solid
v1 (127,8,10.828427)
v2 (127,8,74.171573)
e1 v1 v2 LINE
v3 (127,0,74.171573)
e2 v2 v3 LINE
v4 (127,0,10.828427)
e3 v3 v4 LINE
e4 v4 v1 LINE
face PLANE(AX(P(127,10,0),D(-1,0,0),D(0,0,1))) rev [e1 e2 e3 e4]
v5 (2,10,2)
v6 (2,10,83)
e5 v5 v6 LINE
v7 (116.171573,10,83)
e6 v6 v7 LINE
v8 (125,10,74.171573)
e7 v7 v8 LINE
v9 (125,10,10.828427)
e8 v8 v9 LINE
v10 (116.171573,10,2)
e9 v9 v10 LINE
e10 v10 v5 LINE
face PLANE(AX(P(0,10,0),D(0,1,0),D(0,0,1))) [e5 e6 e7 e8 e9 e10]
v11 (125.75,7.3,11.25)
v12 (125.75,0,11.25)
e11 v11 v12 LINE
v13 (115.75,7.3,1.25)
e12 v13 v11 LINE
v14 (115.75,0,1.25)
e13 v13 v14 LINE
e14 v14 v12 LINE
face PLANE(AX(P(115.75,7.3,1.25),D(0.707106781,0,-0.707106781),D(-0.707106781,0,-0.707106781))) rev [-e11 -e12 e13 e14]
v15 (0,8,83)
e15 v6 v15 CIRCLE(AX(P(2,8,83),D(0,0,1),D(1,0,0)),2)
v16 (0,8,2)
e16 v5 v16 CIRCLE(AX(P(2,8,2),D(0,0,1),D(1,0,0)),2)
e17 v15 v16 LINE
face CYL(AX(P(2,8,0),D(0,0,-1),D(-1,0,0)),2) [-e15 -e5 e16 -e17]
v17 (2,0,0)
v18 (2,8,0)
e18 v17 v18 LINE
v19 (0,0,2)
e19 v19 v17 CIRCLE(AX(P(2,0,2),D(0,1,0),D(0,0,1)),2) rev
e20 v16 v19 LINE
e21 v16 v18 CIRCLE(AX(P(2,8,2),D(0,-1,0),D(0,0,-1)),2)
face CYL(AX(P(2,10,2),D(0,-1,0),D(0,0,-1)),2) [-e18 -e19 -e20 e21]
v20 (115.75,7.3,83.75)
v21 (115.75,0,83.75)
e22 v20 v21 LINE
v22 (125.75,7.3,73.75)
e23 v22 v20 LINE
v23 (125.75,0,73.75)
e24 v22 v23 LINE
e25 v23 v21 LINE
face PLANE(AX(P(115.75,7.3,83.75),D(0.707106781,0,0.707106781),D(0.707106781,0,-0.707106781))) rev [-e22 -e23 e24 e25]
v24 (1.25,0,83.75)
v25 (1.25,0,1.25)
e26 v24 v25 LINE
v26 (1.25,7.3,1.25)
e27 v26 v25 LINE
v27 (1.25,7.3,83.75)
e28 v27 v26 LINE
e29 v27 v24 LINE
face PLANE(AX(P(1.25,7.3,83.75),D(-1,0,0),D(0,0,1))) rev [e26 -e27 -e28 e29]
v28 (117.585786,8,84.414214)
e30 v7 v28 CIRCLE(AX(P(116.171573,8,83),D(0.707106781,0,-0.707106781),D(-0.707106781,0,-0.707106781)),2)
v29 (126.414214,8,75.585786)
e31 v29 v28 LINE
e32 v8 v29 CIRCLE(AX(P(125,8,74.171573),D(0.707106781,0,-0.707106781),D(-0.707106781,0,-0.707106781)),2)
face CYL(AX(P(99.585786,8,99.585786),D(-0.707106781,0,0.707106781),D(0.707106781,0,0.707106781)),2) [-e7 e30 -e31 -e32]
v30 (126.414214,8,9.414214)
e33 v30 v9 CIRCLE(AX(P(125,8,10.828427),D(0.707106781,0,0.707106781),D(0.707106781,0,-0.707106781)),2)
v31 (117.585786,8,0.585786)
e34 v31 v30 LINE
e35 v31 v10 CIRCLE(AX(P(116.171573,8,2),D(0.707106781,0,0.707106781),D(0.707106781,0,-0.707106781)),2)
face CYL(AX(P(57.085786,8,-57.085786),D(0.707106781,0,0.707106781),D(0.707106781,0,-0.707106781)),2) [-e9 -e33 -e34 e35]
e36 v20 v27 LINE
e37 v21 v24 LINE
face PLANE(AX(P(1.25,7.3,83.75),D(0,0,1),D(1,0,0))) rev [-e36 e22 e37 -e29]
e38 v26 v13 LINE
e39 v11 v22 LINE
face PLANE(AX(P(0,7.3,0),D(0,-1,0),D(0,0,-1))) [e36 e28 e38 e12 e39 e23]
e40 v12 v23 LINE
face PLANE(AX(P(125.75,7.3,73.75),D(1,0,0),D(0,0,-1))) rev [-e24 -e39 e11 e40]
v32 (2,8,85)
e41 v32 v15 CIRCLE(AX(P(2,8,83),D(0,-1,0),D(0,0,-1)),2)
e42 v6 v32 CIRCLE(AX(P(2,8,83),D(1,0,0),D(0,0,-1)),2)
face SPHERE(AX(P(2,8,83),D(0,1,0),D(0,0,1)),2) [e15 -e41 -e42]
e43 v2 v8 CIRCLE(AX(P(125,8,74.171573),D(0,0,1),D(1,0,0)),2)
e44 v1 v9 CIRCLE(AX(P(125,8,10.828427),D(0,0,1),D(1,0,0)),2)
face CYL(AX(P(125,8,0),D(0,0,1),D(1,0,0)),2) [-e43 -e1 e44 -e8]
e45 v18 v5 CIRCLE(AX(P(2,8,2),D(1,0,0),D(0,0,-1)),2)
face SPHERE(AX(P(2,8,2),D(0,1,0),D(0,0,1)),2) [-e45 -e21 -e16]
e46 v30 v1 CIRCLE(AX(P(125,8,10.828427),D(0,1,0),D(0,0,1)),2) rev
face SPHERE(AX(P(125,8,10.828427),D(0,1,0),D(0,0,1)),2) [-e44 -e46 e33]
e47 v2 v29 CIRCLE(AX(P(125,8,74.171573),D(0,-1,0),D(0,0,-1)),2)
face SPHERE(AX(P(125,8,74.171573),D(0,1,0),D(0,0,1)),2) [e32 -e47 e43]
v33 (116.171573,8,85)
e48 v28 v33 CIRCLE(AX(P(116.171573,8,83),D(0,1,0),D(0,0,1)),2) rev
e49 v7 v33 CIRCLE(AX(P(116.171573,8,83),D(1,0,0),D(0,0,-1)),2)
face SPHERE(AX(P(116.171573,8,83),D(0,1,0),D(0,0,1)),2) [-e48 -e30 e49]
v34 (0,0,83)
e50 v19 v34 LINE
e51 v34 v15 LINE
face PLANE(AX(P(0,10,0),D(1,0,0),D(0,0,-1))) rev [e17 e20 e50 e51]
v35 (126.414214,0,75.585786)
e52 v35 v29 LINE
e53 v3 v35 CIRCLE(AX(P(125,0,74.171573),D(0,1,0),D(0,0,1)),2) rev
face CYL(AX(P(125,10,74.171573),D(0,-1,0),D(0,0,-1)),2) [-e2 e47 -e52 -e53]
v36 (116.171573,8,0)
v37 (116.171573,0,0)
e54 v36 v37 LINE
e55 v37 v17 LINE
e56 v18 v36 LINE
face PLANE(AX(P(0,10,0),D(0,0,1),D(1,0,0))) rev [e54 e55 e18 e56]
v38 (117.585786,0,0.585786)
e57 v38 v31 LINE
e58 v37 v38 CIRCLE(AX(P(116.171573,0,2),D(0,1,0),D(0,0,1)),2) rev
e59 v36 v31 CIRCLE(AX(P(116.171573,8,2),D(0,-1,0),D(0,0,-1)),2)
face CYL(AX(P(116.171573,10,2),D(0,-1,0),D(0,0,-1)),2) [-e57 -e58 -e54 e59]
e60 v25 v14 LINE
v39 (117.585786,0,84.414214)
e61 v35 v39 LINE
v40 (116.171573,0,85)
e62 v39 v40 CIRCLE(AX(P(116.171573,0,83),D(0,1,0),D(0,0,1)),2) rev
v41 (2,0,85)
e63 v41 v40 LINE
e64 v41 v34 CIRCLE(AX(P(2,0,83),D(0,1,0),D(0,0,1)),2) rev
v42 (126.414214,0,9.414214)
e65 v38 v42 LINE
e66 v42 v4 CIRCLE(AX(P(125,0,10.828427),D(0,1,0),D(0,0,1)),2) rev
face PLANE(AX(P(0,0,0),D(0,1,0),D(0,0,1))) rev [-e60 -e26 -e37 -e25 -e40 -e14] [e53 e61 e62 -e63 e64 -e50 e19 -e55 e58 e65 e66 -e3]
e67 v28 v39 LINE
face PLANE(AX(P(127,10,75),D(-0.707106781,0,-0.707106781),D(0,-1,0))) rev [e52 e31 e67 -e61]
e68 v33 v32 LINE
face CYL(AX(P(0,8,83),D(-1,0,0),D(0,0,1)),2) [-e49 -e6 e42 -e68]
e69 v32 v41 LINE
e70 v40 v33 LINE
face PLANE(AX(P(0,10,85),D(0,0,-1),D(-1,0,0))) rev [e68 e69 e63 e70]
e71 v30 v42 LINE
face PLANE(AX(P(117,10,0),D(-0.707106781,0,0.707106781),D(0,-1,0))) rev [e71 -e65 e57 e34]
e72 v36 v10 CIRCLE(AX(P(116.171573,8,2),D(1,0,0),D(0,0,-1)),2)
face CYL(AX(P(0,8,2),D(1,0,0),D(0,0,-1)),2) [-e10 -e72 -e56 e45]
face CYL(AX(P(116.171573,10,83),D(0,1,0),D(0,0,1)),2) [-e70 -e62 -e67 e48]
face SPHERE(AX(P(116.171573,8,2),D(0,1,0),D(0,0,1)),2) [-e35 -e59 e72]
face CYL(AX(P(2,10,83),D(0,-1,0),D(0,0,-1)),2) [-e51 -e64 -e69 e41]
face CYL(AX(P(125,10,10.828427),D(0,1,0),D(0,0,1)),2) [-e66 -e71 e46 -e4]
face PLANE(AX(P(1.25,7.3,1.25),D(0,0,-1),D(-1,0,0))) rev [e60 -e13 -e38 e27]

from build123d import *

# Parameters (mm, degrees)
SKETCH1_W           = 127
SKETCH1_H           = 85
BOSS_EXTRUDE1_DEPTH = 10
CHAMFER1_SIZE       = 10
FILLET1_R           = 2
FILLET2_R           = 2
CUT_EXTRUDE1_DEPTH  = 7.3


with BuildPart() as part:
    # Sketch1 → Boss-Extrude1 (new body)
    with BuildSketch(Plane(origin=(0, 0, 0), x_dir=(1, 0, 0), z_dir=(0, 1, 0))):
        with Locations((63.5, -42.5)):
            Rectangle(SKETCH1_W, SKETCH1_H)
    extrude(amount=BOSS_EXTRUDE1_DEPTH)

    # Chamfer1
    chamfer1_edges = [part.edges().sort_by_distance(p)[0] for p in [
        (127, 5, 0),
        (127, 5, 85),
    ]]
    chamfer(chamfer1_edges, length=CHAMFER1_SIZE)

    # Fillet1
    fillet1_edges = [part.edges().sort_by_distance(p)[0] for p in [
        (127, 5, 10),
        (127, 5, 75),
        (117, 5, 85),
        (117, 5, 0),
        (0, 5, 0),
        (0, 5, 85),
    ]]
    fillet(fillet1_edges, radius=FILLET1_R)

    # Fillet2
    fillet2_edges = [part.edges().sort_by_distance(p)[0] for p in [
        (127, 10, 42.5),
        (122, 10, 80),
        (59.085786438, 10, 85),
        (122, 10, 5),
        (59.085786438, 10, 0),
        (0, 10, 42.5),
        (126.847759065, 10, 10.06306026),
        (116.93693974, 10, 0.152240935),
        (0.585786438, 10, 0.585786438),
        (0.585786438, 10, 84.414213562),
        (116.93693974, 10, 84.847759065),
        (126.847759065, 10, 74.93693974),
    ]]
    fillet(fillet2_edges, radius=FILLET2_R)

    # Sketch2 → Cut-Extrude1 (cut)
    with BuildSketch(Plane.XZ):
        Polygon((1.25, 83.75), (115.75, 83.75), (125.75, 73.75), (125.75, 11.25), (115.75, 1.25), (1.25, 1.25), align=None)
    extrude(amount=-CUT_EXTRUDE1_DEPTH, mode=Mode.SUBTRACT)


solid = part.part
